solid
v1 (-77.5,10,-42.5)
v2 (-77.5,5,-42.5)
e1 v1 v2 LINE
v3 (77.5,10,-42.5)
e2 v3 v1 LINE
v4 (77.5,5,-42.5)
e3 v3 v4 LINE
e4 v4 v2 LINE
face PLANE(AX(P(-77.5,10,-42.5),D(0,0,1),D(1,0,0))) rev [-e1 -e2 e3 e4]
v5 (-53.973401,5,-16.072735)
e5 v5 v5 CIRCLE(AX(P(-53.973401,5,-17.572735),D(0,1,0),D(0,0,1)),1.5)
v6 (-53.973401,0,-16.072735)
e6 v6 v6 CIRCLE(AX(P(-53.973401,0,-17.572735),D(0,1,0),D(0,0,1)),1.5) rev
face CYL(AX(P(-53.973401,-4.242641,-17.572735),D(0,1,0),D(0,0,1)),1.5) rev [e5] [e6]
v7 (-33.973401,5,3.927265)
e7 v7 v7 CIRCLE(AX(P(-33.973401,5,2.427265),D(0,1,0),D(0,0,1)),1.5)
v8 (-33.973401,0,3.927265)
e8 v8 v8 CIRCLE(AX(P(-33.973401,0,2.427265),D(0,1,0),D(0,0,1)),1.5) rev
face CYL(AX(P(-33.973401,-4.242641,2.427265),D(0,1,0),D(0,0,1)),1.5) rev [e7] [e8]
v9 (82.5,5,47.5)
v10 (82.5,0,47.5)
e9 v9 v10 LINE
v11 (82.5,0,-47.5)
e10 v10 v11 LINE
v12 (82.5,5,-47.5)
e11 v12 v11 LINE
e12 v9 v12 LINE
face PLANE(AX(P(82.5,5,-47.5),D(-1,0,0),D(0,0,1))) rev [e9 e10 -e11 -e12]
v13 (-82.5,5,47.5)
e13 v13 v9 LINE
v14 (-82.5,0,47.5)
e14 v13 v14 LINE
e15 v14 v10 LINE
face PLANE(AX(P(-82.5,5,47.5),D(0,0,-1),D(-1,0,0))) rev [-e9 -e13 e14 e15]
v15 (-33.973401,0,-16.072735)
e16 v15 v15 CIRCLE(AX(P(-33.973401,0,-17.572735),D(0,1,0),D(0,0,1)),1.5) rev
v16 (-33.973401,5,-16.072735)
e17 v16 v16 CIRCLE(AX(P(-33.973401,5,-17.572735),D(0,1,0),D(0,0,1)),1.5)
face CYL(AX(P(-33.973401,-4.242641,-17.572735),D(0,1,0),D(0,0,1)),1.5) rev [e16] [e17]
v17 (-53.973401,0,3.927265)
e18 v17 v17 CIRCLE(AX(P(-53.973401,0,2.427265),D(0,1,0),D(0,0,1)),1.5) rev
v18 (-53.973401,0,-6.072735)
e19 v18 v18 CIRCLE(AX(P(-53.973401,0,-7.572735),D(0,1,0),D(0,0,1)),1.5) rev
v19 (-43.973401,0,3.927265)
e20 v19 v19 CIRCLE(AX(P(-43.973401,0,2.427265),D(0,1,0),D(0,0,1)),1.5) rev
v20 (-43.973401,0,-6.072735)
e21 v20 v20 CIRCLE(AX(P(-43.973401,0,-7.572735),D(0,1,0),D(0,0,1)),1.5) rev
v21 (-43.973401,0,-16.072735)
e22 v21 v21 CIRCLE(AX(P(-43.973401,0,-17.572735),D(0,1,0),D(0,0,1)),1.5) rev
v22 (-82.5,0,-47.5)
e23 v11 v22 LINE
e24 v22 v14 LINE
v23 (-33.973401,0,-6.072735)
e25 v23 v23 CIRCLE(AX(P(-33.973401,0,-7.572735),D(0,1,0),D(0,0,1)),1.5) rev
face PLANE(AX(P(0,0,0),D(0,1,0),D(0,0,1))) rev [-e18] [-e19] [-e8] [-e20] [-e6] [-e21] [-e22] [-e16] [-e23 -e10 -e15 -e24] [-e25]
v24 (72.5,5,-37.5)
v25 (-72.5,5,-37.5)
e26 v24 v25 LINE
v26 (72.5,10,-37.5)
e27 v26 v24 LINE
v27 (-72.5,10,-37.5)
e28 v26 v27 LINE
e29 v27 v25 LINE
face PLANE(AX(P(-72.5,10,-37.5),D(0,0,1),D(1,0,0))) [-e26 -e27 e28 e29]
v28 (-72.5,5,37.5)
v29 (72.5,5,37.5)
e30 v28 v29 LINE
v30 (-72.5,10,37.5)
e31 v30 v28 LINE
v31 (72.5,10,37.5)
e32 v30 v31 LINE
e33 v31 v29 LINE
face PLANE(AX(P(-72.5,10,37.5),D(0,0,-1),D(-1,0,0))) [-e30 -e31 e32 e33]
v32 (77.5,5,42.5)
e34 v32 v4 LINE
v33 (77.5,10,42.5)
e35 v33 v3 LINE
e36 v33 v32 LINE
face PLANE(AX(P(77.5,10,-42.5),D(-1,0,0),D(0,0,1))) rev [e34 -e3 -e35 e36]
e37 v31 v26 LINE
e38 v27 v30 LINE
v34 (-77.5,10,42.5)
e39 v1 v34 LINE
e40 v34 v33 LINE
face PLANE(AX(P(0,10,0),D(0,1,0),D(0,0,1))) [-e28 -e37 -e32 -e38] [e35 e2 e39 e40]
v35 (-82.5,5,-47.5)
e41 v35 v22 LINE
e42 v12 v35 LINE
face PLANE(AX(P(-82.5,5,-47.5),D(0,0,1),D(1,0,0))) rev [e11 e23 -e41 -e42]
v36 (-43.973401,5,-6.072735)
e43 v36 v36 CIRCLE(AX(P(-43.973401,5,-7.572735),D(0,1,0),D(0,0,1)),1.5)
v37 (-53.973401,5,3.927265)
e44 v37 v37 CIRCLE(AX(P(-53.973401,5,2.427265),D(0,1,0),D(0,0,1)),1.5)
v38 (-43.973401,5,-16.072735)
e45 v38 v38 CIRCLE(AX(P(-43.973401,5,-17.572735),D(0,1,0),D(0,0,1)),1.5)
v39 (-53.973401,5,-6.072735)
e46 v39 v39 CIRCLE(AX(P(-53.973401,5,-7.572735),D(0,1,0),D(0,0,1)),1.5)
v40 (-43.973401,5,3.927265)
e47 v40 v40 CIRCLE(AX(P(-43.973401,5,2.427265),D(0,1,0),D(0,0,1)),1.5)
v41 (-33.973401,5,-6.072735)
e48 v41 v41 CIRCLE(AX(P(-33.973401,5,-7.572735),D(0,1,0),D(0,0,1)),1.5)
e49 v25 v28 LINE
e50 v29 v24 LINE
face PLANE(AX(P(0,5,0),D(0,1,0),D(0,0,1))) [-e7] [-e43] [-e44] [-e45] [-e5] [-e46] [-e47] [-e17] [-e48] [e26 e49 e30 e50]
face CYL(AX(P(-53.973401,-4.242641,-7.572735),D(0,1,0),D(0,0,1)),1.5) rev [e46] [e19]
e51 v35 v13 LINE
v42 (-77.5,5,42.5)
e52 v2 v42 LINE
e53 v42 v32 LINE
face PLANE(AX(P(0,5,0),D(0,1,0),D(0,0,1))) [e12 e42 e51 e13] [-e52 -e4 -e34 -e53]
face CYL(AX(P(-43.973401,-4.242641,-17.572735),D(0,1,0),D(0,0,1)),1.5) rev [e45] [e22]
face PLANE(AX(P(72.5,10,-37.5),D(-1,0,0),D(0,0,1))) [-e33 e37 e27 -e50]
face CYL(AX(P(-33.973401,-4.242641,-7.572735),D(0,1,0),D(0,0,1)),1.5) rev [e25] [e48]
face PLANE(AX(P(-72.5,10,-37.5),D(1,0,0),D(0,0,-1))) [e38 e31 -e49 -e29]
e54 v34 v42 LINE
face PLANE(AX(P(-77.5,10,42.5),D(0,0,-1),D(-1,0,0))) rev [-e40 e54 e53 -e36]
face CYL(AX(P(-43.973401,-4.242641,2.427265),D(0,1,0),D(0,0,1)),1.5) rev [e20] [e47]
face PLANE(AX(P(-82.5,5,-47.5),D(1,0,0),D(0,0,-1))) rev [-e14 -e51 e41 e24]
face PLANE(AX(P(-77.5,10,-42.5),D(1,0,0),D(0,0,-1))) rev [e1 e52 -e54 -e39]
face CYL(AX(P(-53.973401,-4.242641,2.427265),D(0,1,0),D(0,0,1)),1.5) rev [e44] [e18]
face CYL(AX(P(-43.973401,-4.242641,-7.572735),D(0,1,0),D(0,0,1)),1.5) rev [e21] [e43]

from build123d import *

# Parameters (mm, degrees)
SKETCH1_W           = 165
SKETCH1_H           = 95
BOSS_EXTRUDE1_DEPTH = 5
SKETCH2_W           = 155
SKETCH2_H           = 85
SKETCH2_W_2         = 145
SKETCH2_H_2         = 75
BOSS_EXTRUDE2_DEPTH = 5
SKETCH3_R           = 1.5
CUT_EXTRUDE1_DEPTH  = 5


with BuildPart() as part:
    # Sketch1 → Boss-Extrude1 (new body)
    with BuildSketch(Plane(origin=(0, 0, 0), x_dir=(1, 0, 0), z_dir=(0, 1, 0))):
        Rectangle(SKETCH1_W, SKETCH1_H)
    extrude(amount=BOSS_EXTRUDE1_DEPTH)

    # Sketch2 → Boss-Extrude2 (add)
    with BuildSketch(Plane(origin=(0, 5, 0), x_dir=(1, 0, 0), z_dir=(0, 1, 0))):
        Rectangle(SKETCH2_W, SKETCH2_H)
        Rectangle(SKETCH2_W_2, SKETCH2_H_2, mode=Mode.SUBTRACT)
    extrude(amount=BOSS_EXTRUDE2_DEPTH)

    # Sketch3 → Cut-Extrude1 (cut)
    with BuildSketch(Plane(origin=(0, 5, 0), x_dir=(1, 0, 0), z_dir=(0, 1, 0))):
        with Locations(Location((-53.973401438, 17.572735352, 0), (0, 0, 270))):
            Circle(SKETCH3_R)
        with Locations(Location((-43.973401438, 17.572735352, 0), (0, 0, 270))):
            Circle(SKETCH3_R)
        with Locations(Location((-33.973401438, 17.572735352, 0), (0, 0, 270))):
            Circle(SKETCH3_R)
        with Locations(Location((-43.973401438, 7.572735352, 0), (0, 0, 270))):
            Circle(SKETCH3_R)
        with Locations(Location((-33.973401438, 7.572735352, 0), (0, 0, 270))):
            Circle(SKETCH3_R)
        with Locations(Location((-43.973401438, -2.427264648, 0), (0, 0, 270))):
            Circle(SKETCH3_R)
        with Locations(Location((-33.973401438, -2.427264648, 0), (0, 0, 270))):
            Circle(SKETCH3_R)
        with Locations(Location((-53.973401438, 7.572735352, 0), (0, 0, 270))):
            Circle(SKETCH3_R)
        with Locations(Location((-53.973401438, -2.427264648, 0), (0, 0, 270))):
            Circle(SKETCH3_R)
    extrude(amount=-CUT_EXTRUDE1_DEPTH, mode=Mode.SUBTRACT)


solid = part.part
